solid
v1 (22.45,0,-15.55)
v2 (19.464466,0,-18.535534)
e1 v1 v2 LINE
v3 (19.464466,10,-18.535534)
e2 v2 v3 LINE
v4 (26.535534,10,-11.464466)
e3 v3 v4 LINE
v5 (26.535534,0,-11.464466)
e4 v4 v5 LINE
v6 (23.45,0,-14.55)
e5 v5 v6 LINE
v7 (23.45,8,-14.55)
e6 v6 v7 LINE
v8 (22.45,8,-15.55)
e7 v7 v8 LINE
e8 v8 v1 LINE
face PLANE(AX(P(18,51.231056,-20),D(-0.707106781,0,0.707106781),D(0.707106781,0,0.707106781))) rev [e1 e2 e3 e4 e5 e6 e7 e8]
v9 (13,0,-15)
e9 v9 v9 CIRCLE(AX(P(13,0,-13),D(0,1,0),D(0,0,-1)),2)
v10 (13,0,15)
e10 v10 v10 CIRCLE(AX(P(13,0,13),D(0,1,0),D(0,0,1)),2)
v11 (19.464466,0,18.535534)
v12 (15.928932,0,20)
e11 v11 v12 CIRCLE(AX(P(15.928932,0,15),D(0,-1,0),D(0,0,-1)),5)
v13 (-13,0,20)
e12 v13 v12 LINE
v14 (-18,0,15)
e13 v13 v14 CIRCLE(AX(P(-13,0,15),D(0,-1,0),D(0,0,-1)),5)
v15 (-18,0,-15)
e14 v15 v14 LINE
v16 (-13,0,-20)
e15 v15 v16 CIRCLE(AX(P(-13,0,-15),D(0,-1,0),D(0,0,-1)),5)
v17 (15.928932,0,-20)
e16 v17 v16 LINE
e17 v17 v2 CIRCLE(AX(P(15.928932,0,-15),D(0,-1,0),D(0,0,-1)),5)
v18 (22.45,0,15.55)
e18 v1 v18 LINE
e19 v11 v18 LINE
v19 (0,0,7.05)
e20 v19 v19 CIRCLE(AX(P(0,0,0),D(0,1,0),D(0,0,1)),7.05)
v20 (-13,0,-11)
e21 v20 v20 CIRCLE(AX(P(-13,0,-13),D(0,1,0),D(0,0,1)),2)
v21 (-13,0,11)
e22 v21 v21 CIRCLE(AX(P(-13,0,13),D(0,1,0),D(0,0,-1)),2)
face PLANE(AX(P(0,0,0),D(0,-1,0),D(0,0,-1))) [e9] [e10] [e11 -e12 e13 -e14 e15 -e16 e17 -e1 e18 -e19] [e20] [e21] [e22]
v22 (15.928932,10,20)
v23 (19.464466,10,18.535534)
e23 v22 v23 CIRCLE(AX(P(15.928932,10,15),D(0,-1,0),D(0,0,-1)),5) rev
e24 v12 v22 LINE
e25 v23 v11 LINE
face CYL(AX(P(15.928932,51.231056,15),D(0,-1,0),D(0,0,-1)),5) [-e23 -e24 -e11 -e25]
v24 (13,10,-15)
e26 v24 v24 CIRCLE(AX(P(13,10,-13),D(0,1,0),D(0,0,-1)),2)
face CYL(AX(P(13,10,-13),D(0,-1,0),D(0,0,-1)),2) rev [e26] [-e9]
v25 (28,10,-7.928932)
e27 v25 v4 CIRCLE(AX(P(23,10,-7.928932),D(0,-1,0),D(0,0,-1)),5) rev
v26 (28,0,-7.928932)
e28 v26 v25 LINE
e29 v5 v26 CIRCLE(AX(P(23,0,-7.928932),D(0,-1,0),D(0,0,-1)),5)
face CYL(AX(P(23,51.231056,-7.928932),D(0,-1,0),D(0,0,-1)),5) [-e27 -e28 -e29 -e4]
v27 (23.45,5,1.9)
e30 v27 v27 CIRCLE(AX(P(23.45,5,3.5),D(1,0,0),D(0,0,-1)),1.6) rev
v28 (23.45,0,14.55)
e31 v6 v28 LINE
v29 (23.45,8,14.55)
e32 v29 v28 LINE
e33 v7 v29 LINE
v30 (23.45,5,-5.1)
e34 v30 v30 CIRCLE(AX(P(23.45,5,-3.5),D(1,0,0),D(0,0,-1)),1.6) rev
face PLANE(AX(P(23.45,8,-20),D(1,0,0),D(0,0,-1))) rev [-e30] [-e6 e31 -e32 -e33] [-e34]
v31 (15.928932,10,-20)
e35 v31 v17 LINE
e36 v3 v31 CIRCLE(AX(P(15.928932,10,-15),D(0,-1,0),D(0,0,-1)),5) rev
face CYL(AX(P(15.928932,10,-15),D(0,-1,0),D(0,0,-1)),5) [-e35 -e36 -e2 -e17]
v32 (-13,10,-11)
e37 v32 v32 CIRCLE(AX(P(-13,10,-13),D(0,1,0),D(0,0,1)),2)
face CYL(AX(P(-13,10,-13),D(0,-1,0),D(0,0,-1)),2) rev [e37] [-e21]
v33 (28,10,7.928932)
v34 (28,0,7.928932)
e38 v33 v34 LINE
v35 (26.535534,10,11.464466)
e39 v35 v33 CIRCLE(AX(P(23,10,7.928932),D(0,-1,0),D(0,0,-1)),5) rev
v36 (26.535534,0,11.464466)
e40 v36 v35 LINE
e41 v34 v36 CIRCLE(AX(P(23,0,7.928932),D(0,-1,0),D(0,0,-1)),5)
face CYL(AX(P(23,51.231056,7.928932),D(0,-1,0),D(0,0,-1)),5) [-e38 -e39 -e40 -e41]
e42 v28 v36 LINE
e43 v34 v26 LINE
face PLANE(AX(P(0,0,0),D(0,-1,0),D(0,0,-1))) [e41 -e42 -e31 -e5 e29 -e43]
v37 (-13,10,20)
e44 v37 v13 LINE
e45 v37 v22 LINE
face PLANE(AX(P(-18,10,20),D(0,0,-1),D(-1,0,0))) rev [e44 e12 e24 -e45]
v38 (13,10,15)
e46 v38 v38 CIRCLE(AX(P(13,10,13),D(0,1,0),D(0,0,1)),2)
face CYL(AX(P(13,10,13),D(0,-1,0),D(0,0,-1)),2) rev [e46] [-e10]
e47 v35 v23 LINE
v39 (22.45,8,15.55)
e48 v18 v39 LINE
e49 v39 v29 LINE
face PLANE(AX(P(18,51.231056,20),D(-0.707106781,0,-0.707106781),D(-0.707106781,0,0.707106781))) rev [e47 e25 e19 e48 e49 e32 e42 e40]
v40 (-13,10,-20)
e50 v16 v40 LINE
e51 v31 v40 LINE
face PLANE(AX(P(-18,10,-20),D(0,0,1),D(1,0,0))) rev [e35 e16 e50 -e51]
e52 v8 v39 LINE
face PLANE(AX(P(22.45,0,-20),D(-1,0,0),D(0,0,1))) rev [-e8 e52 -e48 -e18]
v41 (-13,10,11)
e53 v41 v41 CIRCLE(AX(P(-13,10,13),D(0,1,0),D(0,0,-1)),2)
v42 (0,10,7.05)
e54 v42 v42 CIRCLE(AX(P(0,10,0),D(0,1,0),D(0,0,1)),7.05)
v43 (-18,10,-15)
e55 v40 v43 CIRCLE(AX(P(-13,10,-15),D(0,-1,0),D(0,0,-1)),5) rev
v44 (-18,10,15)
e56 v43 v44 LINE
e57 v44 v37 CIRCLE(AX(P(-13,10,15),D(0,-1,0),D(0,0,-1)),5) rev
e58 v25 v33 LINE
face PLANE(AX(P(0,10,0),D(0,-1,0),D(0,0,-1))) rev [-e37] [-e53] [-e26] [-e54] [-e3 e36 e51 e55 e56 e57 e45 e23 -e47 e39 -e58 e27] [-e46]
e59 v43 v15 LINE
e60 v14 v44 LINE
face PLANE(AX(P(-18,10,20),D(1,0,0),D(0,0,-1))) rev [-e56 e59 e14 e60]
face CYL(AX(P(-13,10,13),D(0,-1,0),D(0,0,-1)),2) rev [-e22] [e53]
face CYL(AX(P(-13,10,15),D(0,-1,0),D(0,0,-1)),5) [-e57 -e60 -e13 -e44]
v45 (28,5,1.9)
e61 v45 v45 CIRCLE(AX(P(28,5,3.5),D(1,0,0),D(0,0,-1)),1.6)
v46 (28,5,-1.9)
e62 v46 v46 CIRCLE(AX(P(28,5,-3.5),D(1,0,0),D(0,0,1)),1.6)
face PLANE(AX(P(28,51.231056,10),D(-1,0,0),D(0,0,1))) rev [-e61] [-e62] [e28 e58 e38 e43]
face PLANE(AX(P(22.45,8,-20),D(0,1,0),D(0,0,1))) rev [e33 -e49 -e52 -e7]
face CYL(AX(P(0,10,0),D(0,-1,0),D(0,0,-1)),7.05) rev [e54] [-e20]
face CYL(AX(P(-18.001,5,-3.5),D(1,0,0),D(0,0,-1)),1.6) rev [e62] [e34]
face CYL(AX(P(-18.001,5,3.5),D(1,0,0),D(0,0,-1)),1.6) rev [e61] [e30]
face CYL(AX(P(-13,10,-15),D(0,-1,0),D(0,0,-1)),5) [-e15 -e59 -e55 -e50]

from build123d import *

# Parameters (mm, degrees)
SKETCH1_W               = 36
SKETCH1_H               = 40
SKETCH1_R               = 2
SKETCH1_R_2             = 7.05
BOSS_EXTRUDE1_DEPTH     = 10
BOSS_EXTRUDE2_DEPTH     = 10
FILLET1_R               = 5
CUT_EXTRUDE1_DEPTH      = 36.832945734
CUT_EXTRUDE1_DEPTH_BACK = 36.832945734
SKETCH4_W               = 1
SKETCH4_H               = 8
CUT_EXTRUDE2_REACH      = 53.147
SKETCH5_R               = 1.6


with BuildPart() as part:
    # Sketch1 → Boss-Extrude1 (new body)
    with BuildSketch(Plane(origin=(0, 0, 0), x_dir=(1, 0, 0), z_dir=(0, 1, 0))):
        Rectangle(SKETCH1_W, SKETCH1_H)
        with Locations(Location((-13, 13, 0), (0, 0, 270))):
            Circle(SKETCH1_R, mode=Mode.SUBTRACT)
        with Locations(Location((13, 13, 0), (0, 0, 90))):
            Circle(SKETCH1_R, mode=Mode.SUBTRACT)
        with Locations(Location((-13, -13, 0), (0, 0, 90))):
            Circle(SKETCH1_R, mode=Mode.SUBTRACT)
        with Locations(Location((13, -13, 0), (0, 0, 270))):
            Circle(SKETCH1_R, mode=Mode.SUBTRACT)
        with Locations(Location((0, 0, 0), (0, 0, 270))):
            Circle(SKETCH1_R_2, mode=Mode.SUBTRACT)
    extrude(amount=BOSS_EXTRUDE1_DEPTH)

    # Sketch3 → Boss-Extrude2 (add)
    with BuildSketch(Plane(origin=(0, 0, 0), x_dir=(1, 0, 0), z_dir=(0, 1, 0))):
        Polygon((18, 20), (18, -20), (28, -10), (28, 10), align=None)
    extrude(amount=BOSS_EXTRUDE2_DEPTH)

    # Fillet1
    fillet1_edges = [part.edges().sort_by_distance(p)[0] for p in [
        (28, 5, 10),
        (28, 5, -10),
        (18, 5, 20),
        (-18, 5, 20),
        (-18, 5, -20),
        (18, 5, -20),
    ]]
    fillet(fillet1_edges, radius=FILLET1_R)

    # Sketch4 → Cut-Extrude1 (cut, two sides: drawn at the far end of the back side and taken through both)
    with BuildSketch(Plane.XY.offset(-CUT_EXTRUDE1_DEPTH_BACK)):
        with Locations((22.95, 4)):
            Rectangle(SKETCH4_W, SKETCH4_H)
    extrude(amount=CUT_EXTRUDE1_DEPTH + CUT_EXTRUDE1_DEPTH_BACK, mode=Mode.SUBTRACT)

    # Sketch5 → Cut-Extrude2 (cut, up to next)
    with BuildSketch(Plane(origin=(28, 0, 0), x_dir=(0, 0, -1), z_dir=(1, 0, 0)), mode=Mode.PRIVATE) as cut_extrude2_sk1:
        with Locations((-3.5, 5)):
            Circle(SKETCH5_R)
    cut_extrude2_tool1 = extrude(cut_extrude2_sk1.sketch, amount=-CUT_EXTRUDE2_REACH, mode=Mode.PRIVATE) & part.part
    # Sketch5 → Cut-Extrude2 (cut, up to next)
    with BuildSketch(Plane(origin=(28, 0, 0), x_dir=(0, 0, -1), z_dir=(1, 0, 0)), mode=Mode.PRIVATE) as cut_extrude2_sk2:
        with Locations((3.5, 5)):
            Circle(SKETCH5_R)
    cut_extrude2_tool2 = extrude(cut_extrude2_sk2.sketch, amount=-CUT_EXTRUDE2_REACH, mode=Mode.PRIVATE) & part.part
    add(cut_extrude2_tool1.solids().sort_by_distance((28, 5, 3.5))[0], mode=Mode.SUBTRACT)
    add(cut_extrude2_tool2.solids().sort_by_distance((28, 5, -3.5))[0], mode=Mode.SUBTRACT)


solid = part.part
